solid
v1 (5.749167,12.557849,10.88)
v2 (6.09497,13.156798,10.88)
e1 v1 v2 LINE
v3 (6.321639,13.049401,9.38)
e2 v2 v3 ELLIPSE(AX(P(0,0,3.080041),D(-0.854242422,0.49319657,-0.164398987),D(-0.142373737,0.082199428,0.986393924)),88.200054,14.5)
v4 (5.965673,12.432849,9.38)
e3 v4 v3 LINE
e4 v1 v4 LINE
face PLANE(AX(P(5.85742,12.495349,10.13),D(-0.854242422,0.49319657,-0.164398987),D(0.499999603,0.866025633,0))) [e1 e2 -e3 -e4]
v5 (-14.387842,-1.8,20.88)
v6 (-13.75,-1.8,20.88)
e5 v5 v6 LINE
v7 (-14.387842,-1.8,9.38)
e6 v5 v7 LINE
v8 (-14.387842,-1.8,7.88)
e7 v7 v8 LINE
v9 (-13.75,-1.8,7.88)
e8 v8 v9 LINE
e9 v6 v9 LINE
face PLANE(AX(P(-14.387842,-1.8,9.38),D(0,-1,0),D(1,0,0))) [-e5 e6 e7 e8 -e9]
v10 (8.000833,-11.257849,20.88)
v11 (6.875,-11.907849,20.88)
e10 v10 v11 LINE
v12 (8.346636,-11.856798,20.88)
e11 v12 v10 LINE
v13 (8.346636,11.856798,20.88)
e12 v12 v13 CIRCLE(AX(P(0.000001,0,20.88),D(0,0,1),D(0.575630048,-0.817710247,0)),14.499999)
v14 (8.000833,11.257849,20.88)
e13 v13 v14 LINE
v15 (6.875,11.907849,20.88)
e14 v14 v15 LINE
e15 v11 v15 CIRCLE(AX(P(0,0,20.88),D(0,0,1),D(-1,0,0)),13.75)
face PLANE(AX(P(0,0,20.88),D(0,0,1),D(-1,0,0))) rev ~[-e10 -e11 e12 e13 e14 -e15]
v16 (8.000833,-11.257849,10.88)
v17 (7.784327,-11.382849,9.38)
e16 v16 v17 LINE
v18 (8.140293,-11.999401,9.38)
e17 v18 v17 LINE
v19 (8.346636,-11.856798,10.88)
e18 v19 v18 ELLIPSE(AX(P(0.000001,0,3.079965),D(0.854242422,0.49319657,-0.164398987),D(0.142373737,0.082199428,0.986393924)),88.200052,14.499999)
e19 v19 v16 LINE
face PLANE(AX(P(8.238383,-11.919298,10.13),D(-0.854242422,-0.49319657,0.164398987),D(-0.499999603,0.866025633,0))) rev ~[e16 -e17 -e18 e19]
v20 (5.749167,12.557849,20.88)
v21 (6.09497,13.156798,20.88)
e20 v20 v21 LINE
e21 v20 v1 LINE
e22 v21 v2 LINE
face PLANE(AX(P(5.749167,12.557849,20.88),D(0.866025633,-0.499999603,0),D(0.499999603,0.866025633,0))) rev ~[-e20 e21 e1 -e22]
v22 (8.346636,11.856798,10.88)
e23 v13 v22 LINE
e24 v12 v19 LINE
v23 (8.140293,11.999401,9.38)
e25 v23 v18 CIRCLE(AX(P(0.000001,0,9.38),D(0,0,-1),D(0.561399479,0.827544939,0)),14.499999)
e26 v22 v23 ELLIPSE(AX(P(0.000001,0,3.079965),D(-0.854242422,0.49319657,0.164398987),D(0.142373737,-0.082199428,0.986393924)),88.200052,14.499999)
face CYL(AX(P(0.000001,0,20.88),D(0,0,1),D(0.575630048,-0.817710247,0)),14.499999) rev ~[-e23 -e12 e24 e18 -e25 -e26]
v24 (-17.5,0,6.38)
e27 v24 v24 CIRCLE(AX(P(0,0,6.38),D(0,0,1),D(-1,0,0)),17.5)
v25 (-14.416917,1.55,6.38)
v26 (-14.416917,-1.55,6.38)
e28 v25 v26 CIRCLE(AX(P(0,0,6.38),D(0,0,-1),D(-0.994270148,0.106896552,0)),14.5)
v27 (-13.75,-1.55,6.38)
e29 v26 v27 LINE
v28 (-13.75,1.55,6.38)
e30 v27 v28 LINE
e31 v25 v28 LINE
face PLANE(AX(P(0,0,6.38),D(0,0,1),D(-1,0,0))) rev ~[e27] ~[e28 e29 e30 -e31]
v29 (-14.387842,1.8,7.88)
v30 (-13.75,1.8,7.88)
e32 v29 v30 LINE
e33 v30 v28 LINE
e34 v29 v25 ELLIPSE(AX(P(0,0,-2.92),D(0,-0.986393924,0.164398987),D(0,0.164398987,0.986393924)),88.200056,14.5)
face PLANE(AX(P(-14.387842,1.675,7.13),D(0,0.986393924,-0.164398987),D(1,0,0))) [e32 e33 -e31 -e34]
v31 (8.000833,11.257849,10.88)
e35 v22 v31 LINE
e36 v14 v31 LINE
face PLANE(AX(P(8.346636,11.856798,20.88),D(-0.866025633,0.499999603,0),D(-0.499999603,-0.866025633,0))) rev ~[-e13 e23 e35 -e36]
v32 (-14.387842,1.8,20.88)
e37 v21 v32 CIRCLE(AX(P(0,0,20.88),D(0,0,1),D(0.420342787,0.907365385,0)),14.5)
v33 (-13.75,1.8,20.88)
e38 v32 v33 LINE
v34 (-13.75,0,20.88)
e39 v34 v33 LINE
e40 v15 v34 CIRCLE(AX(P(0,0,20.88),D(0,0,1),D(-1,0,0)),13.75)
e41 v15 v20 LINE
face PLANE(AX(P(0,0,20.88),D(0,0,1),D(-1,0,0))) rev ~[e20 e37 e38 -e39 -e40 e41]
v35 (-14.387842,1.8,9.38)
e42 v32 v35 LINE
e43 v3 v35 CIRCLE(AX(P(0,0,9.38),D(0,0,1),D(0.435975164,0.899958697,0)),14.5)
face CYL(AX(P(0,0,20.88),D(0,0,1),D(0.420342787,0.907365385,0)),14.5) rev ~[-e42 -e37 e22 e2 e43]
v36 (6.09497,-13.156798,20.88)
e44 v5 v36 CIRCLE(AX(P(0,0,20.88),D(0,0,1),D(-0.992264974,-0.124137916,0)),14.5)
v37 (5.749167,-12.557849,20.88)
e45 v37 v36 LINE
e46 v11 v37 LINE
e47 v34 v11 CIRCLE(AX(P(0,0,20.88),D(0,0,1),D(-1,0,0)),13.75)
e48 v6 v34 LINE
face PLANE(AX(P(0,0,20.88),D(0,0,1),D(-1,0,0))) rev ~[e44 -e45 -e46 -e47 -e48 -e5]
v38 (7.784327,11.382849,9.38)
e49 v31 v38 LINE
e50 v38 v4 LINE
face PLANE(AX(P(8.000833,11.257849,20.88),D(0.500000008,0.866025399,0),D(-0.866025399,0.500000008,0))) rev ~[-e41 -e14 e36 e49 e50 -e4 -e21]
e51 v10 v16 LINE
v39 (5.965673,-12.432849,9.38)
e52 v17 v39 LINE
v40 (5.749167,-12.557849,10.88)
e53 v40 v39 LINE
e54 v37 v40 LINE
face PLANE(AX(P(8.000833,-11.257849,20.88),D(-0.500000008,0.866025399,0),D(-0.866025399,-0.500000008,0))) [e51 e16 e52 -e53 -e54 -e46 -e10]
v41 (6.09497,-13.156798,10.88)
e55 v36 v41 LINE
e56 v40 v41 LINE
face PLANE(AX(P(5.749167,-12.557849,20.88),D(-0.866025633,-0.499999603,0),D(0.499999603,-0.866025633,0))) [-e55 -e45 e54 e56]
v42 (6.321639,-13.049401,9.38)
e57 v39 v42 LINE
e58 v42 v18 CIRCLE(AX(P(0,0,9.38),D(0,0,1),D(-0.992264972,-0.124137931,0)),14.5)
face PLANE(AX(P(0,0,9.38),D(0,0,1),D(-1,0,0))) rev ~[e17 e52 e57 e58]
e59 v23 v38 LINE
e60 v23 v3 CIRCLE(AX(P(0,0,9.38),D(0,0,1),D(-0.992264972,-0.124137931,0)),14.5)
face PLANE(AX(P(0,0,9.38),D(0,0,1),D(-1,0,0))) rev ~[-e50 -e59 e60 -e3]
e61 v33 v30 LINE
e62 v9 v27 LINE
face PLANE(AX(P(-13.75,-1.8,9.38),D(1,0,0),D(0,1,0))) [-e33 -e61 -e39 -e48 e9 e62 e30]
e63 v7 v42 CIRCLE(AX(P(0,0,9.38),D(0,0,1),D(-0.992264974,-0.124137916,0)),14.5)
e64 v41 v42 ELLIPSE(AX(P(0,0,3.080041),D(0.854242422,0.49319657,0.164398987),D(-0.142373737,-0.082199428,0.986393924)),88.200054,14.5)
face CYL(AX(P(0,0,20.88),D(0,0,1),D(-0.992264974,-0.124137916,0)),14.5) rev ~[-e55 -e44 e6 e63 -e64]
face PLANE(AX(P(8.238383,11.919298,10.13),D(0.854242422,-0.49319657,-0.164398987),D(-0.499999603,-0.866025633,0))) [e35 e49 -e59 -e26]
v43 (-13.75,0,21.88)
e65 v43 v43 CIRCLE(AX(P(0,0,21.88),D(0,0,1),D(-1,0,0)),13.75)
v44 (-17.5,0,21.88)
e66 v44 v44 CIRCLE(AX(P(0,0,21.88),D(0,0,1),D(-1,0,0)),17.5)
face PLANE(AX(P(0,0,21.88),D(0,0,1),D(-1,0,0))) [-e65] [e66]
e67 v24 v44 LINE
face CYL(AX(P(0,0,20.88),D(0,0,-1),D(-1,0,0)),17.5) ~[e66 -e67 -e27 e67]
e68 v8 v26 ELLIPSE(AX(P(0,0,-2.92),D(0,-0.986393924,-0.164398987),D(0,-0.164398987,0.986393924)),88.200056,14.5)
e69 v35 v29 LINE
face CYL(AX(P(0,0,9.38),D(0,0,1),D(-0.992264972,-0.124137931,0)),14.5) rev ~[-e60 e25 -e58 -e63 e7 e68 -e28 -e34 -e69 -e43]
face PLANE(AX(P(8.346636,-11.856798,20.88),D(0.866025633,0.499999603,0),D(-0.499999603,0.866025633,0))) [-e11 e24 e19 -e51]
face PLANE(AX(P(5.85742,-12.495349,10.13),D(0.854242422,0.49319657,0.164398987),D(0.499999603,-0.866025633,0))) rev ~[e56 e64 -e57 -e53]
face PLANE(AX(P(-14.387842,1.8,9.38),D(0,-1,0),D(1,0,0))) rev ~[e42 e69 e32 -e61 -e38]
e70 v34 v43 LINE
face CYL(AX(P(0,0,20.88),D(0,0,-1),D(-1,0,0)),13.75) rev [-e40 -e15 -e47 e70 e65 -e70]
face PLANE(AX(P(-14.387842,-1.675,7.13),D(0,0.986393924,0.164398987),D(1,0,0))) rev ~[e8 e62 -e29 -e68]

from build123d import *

# Parameters (mm, degrees)
SKETCH009_R             = 17.5
PAD008_DEPTH            = 11.5
CHAMFER_1_SIZE2         = 0.25
CHAMFER_1_SIZE          = 1.5
CHAMFER_2_SIZE2         = 0.25
CHAMFER_2_SIZE          = 1.5
CHAMFER_3_SIZE2         = 0.25
CHAMFER_3_SIZE          = 1.5
CHAMFER_4_SIZE2         = 0.25
CHAMFER_4_SIZE          = 1.5
SKETCH016_R             = 17.5
PAD012_DEPTH            = 3
CHAMFER003_1_SIZE2      = 0.25
CHAMFER003_1_SIZE       = 1.5
CHAMFER003_2_SIZE2      = 0.25
CHAMFER003_2_SIZE       = 1.5
SKETCH017_R             = 17.5
SKETCH017_R_2           = 13.75
PAD013_DEPTH            = 1
BODY001_PLACEMENT_ANGLE = 180


with BuildPart() as part:
    # Sketch009 → Pad008 (new body)
    with BuildSketch(Plane.XY.offset(20.75)):
        Circle(SKETCH009_R)
        with BuildLine():
            Line((-8.346636, 11.856798), (-8.000833, 11.257849))
            Line((-8.000833, 11.257849), (-5.749167, 12.557849))
            Line((-5.749167, 12.557849), (-6.09497, 13.156798))
            ThreePointArc((14.387842, 1.8), (7.031155, 12.681201), (-6.09497, 13.156798))
            Line((14.387842, 1.8), (13.75, 1.8))
            Line((13.75, 1.8), (13.75, -1.8))
            Line((14.387842, -1.8), (13.75, -1.8))
            ThreePointArc((-6.09497, -13.156798), (7.031155, -12.681201), (14.387842, -1.8))
            Line((-5.749167, -12.557849), (-6.09497, -13.156798))
            Line((-8.000833, -11.257849), (-5.749167, -12.557849))
            Line((-8.346636, -11.856798), (-8.000833, -11.257849))
            ThreePointArc((-8.346636, 11.856798), (-14.5, 0), (-8.346636, -11.856798))
        make_face(mode=Mode.SUBTRACT)
    extrude(amount=-PAD008_DEPTH)

    # Chamfer 1
    chamfer_1_edges = [part.edges().sort_by_distance(p)[0] for p in [
        (-8.173735, -11.557324, 9.25),
    ]]
    chamfer_1_side = part.faces().sort_by_distance((-8.173735, -11.557324, 15))[0]
    chamfer(chamfer_1_edges, length=CHAMFER_1_SIZE, length2=CHAMFER_1_SIZE2, reference=chamfer_1_side)

    # Chamfer 2
    chamfer_2_edges = [part.edges().sort_by_distance(p)[0] for p in [
        (-5.922069, -12.857324, 9.25),
    ]]
    chamfer_2_side = part.faces().sort_by_distance((-5.922069, -12.857324, 15))[0]
    chamfer(chamfer_2_edges, length=CHAMFER_2_SIZE, length2=CHAMFER_2_SIZE2, reference=chamfer_2_side)

    # Chamfer 3
    chamfer_3_edges = [part.edges().sort_by_distance(p)[0] for p in [
        (-8.173735, 11.557324, 9.25),
    ]]
    chamfer_3_side = part.faces().sort_by_distance((-8.173735, 11.557324, 15))[0]
    chamfer(chamfer_3_edges, length=CHAMFER_3_SIZE, length2=CHAMFER_3_SIZE2, reference=chamfer_3_side)

    # Chamfer 4
    chamfer_4_edges = [part.edges().sort_by_distance(p)[0] for p in [
        (-5.922069, 12.857324, 9.25),
    ]]
    chamfer_4_side = part.faces().sort_by_distance((-5.922069, 12.857324, 15))[0]
    chamfer(chamfer_4_edges, length=CHAMFER_4_SIZE, length2=CHAMFER_4_SIZE2, reference=chamfer_4_side)

    # Sketch016 → Pad012 (join)
    with BuildSketch(Plane.XY.offset(9.25)):
        Circle(SKETCH016_R)
        with BuildLine():
            Line((14.387842, 1.8), (13.75, 1.8))
            Line((13.75, 1.8), (13.75, -1.8))
            Line((14.387842, -1.8), (13.75, -1.8))
            ThreePointArc((14.387842, 1.8), (-14.5, 0), (14.387842, -1.8))
        make_face(mode=Mode.SUBTRACT)
    extrude(amount=-PAD012_DEPTH)

    # Chamfer003 1
    chamfer003_1_edges = [part.edges().sort_by_distance(p)[0] for p in [
        (14.068921, -1.8, 6.25),
    ]]
    chamfer003_1_side = part.faces().sort_by_distance((14.068921, -1.8, 7.75))[0]
    chamfer(chamfer003_1_edges, length=CHAMFER003_1_SIZE, length2=CHAMFER003_1_SIZE2, reference=chamfer003_1_side)

    # Chamfer003 2
    chamfer003_2_edges = [part.edges().sort_by_distance(p)[0] for p in [
        (14.068921, 1.8, 6.25),
    ]]
    chamfer003_2_side = part.faces().sort_by_distance((14.068921, 1.8, 7.75))[0]
    chamfer(chamfer003_2_edges, length=CHAMFER003_2_SIZE, length2=CHAMFER003_2_SIZE2, reference=chamfer003_2_side)

    # Sketch017 → Pad013 (join)
    with BuildSketch(Plane.XY.offset(20.75)):
        Circle(SKETCH017_R)
        Circle(SKETCH017_R_2, mode=Mode.SUBTRACT)
    extrude(amount=PAD013_DEPTH)


with BuildPart() as part_1:
    # Body001 placement: moved
    add(part.part.moved(Location((0, 0, 0.13))).rotate(Axis((0, 0, 0.13), (0, 0, 1)), BODY001_PLACEMENT_ANGLE))


solid = part_1.part
